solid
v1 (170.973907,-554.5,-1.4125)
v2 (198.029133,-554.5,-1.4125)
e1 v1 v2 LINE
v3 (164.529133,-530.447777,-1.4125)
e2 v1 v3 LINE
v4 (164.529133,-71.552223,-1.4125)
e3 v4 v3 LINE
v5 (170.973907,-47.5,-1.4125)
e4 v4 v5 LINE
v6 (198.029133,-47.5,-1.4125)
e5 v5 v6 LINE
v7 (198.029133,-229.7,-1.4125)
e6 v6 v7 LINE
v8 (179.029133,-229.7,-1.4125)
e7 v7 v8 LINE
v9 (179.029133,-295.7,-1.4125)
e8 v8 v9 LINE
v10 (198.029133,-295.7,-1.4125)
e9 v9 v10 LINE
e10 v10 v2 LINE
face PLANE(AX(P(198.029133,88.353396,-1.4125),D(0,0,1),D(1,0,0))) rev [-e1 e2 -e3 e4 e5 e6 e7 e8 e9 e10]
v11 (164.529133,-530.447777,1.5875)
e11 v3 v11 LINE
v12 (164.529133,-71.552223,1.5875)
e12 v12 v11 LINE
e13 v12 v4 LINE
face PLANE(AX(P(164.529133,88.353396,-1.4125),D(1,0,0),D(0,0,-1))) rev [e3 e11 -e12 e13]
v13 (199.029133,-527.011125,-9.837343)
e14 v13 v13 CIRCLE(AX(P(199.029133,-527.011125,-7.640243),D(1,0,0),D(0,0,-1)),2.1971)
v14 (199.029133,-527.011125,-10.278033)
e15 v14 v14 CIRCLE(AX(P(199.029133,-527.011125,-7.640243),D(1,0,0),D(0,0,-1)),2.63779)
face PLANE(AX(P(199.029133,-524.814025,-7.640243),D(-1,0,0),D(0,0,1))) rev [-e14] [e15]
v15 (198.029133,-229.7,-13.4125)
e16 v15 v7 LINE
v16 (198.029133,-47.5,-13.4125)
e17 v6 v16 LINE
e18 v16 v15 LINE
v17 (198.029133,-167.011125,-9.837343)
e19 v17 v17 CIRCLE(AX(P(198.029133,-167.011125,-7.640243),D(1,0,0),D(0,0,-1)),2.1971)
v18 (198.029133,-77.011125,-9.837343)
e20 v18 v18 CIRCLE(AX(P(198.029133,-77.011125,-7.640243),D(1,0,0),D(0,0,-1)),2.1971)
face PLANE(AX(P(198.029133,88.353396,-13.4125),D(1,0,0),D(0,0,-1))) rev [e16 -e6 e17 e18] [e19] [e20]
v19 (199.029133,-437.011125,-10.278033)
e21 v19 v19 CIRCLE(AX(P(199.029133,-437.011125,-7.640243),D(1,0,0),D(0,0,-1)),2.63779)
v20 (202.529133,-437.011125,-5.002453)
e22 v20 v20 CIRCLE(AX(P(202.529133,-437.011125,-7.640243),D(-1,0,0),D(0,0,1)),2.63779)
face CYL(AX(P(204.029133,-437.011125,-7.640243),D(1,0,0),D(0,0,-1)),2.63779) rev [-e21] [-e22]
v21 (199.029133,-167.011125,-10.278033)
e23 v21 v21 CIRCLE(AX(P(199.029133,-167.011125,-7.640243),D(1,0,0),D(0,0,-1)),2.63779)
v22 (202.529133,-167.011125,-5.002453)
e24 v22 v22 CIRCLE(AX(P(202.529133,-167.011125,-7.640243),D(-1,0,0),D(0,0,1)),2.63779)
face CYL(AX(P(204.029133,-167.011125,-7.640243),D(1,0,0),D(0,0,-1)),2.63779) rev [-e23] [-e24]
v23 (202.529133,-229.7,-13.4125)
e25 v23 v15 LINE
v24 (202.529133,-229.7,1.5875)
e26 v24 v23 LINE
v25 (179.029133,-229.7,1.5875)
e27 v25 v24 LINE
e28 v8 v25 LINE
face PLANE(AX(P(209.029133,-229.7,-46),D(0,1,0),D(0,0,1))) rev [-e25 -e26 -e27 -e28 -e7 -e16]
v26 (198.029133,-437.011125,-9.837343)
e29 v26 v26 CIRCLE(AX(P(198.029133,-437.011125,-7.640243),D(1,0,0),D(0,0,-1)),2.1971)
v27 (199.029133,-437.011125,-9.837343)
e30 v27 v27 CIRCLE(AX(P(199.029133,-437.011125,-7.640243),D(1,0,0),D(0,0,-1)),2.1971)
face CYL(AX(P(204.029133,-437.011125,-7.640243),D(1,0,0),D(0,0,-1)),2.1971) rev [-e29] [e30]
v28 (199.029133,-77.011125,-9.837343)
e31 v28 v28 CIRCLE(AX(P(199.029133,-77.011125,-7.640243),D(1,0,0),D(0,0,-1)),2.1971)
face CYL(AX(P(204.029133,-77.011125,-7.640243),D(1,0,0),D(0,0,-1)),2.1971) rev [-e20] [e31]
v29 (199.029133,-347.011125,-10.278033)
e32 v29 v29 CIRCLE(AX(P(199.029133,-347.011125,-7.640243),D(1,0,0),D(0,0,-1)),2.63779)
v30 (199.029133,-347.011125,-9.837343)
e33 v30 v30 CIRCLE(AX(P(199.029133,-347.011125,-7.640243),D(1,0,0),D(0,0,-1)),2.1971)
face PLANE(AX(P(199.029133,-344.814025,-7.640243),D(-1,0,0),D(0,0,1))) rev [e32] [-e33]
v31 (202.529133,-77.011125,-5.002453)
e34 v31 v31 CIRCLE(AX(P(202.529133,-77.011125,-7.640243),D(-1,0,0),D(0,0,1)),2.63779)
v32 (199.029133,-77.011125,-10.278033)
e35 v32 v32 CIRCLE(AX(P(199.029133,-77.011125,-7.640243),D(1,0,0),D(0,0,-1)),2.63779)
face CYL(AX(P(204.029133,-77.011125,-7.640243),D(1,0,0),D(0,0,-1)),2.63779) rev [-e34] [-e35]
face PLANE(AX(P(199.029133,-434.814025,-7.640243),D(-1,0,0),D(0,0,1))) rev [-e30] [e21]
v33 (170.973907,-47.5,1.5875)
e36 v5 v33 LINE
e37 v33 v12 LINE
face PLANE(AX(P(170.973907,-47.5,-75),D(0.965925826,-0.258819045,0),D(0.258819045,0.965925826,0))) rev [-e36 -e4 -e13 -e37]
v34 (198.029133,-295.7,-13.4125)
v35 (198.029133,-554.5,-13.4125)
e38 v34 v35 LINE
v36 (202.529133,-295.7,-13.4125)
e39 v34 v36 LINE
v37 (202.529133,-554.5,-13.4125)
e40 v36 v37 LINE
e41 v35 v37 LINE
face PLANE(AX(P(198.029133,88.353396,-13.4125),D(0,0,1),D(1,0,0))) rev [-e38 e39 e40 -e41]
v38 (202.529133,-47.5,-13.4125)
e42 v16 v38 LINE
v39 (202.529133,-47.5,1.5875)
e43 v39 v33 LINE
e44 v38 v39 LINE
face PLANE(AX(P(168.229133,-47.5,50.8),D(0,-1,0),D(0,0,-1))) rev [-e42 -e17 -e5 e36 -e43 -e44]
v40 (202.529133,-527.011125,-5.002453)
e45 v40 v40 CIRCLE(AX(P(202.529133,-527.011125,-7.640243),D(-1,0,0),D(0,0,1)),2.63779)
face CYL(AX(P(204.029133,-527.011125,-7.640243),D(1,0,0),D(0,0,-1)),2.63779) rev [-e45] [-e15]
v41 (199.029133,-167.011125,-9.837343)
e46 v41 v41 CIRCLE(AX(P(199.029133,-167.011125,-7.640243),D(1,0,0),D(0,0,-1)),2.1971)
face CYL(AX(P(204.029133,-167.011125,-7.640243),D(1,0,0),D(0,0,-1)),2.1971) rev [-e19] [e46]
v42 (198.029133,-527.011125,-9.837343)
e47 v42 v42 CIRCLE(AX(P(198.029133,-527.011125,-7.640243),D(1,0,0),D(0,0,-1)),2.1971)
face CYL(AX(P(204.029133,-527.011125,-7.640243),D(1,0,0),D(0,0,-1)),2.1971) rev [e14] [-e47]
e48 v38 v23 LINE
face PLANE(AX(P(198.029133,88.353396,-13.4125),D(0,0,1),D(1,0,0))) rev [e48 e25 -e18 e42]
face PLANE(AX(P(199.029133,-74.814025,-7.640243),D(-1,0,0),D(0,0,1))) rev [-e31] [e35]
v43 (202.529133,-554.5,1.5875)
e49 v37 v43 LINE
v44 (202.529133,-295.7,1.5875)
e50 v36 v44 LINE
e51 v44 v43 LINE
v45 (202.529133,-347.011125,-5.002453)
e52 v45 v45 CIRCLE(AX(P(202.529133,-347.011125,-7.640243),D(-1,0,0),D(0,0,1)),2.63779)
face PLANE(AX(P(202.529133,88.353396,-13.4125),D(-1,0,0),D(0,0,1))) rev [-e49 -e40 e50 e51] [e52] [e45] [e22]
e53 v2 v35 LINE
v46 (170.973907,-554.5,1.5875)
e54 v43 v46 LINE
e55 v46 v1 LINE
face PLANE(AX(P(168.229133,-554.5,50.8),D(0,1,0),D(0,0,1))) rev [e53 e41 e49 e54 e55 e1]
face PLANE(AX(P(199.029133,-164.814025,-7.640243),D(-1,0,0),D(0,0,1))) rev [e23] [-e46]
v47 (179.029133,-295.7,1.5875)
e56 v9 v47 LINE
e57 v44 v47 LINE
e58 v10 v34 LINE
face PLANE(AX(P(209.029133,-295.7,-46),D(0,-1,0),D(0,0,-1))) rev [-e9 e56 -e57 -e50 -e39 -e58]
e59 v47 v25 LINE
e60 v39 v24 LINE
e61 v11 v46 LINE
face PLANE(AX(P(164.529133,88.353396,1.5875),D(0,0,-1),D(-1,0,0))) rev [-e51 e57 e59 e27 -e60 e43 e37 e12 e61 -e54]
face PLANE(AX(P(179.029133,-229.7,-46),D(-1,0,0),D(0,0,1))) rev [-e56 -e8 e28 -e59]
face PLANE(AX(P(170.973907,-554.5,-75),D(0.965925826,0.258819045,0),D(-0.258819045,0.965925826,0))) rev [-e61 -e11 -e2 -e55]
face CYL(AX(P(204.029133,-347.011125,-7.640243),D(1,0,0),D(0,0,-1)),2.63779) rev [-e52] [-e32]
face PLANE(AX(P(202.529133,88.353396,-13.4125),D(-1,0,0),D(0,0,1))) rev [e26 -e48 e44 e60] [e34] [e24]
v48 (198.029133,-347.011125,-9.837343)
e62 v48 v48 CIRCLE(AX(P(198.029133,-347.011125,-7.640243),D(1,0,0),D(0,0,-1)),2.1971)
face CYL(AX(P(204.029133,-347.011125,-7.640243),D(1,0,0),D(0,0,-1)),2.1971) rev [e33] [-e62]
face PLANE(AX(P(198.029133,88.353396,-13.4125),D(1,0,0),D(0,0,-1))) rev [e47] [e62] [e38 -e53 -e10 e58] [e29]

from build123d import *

# Parameters (mm, degrees)
EXTRUDE1_DEPTH          = 50.8
SKETCH3_W               = 60
SKETCH3_H               = 98.6
CUT_EXTRUDE1_DEPTH      = 48.5
CUT_EXTRUDE1_DEPTH_BACK = 650.5
EXTRUDE2_DEPTH          = 253.5
EXTRUDE2_DEPTH_BACK     = 253.5
EXTRUDE8_DEPTH          = 75
SKETCH4_W               = 30
SKETCH4_H               = 66
CUT_EXTRUDE2_DEPTH      = 46
LPATTERN1_COUNT         = 6
LPATTERN1_PITCH         = 90
SKETCH10_R              = 2.25
EXTRUDE7_DEPTH          = 102.6
SKETCH13_W              = 158
SKETCH13_H              = 135
SKETCH13_W_2            = 38
SKETCH13_H_2            = 15
EXTRUDE10_DEPTH         = 100
EXTRUDE10_DEPTH_BACK    = 700


with BuildPart() as part:
    # Sketch2 → Extrude1 (new body, symmetric)
    with BuildSketch(Plane.XY):
        Polygon((168.229133429, 47.5), (168.229133429, -47.5), (159.029133429, -81.83486743), (159.029133429, -520.16513257), (168.229133429, -554.5), (168.229133429, -649.5), (204.029133429, -649.5), (204.029133429, 47.5), align=None)
    extrude(amount=EXTRUDE1_DEPTH, both=True)

    # Sketch3 → Cut-Extrude1 (cut, two sides)
    with BuildSketch(Plane(origin=(0, 0, 0), x_dir=(1, 0, 0), z_dir=(0, 1, 0))) as cut_extrude1_sk:
        with Locations((172.529133429, 0)):
            Rectangle(SKETCH3_W, SKETCH3_H)
    extrude(amount=CUT_EXTRUDE1_DEPTH, mode=Mode.SUBTRACT)
    extrude(cut_extrude1_sk.sketch, amount=-CUT_EXTRUDE1_DEPTH_BACK, mode=Mode.SUBTRACT)


with BuildPart() as body_2:
    # Sketch5 → Extrude2 (new body, two sides)
    with BuildSketch(Plane(origin=(0, -301, 0), x_dir=(1, 0, 0), z_dir=(0, 1, 0))) as extrude2_sk:
        Polygon((198.029133429, 13.4125), (202.529133429, 13.4125), (202.529133429, -1.5875), (164.529133429, -1.5875), (164.529133429, 1.4125), (198.029133429, 1.4125), align=None)
    extrude(amount=EXTRUDE2_DEPTH)
    extrude(extrude2_sk.sketch, amount=-EXTRUDE2_DEPTH_BACK)

    # Sketch11 → Extrude8 (cut, symmetric)
    with BuildSketch(Plane.XY):
        Polygon((170.973907148, -47.5), (153.959133429, -111), (130.029133429, -111), (130.029133429, -11), (170.973907148, -11), align=None)
        Polygon((153.959133429, -491), (130.029133429, -491), (130.029133429, -591), (170.973907148, -591), (170.973907148, -554.5), align=None)
    extrude(amount=EXTRUDE8_DEPTH, both=True, mode=Mode.SUBTRACT)


with BuildPart() as cut_extrude2_tool:
    # Sketch4 → Cut-Extrude2 (new body, symmetric)
    with BuildSketch(Plane.XY):
        with Locations((194.029133429, -262.7)):
            Rectangle(SKETCH4_W, SKETCH4_H)
    extrude(amount=CUT_EXTRUDE2_DEPTH, both=True)


with BuildPart() as part_1:
    add(part.part)

    # Cut-Extrude2: cut by cut_extrude2_tool
    add(cut_extrude2_tool.part, mode=Mode.SUBTRACT)


with BuildPart() as body_2_1:
    add(body_2.part)

    # Cut-Extrude2: cut by cut_extrude2_tool
    add(cut_extrude2_tool.part, mode=Mode.SUBTRACT)


with BuildPart() as tapped_hole_for_8_32_helicoil1_tool:
    # Sketch34 → Tapped Hole for #8-32 Helicoil1 (revolve)
    with BuildSketch(Plane(origin=(204.029133429, -77.011124935, -7.640243296), x_dir=(0, 0, -1), z_dir=(0, 1, 0))):
        Polygon((0, 0), (0, 45), (2.1971, 45), (2.1971, 5), (2.63779, 5), (2.63779, 0), align=None)
    tapped_hole_for_8_32_helicoil1 = revolve(axis=Axis((210.379133429, -77.011124935, -7.640243296), (-1, 0, 0)))


with BuildPart() as part_2:
    add(part_1.part)

    # Tapped Hole for #8-32 Helicoil1: cut by tapped_hole_for_8_32_helicoil1_tool
    add(tapped_hole_for_8_32_helicoil1_tool.part, mode=Mode.SUBTRACT)


with BuildPart() as body_2_2:
    add(body_2_1.part)

    # Tapped Hole for #8-32 Helicoil1: cut by tapped_hole_for_8_32_helicoil1_tool
    add(tapped_hole_for_8_32_helicoil1_tool.part, mode=Mode.SUBTRACT)


with BuildPart() as lpattern1_tool:
    # LPattern1: Tapped Hole for #8-32 Helicoil1 ×6, 1 skipped
    with Locations(*[(0, -i * LPATTERN1_PITCH, 0) for i in range(1, LPATTERN1_COUNT) if i not in (2,)]):
        add(tapped_hole_for_8_32_helicoil1)


with BuildPart() as part_3:
    add(part_2.part)

    # LPattern1: cut by lpattern1_tool
    add(lpattern1_tool.part, mode=Mode.SUBTRACT)

    # Sketch10 → Extrude7 (cut, through all)
    with BuildSketch(Plane.XY.offset(50.8)):
        with Locations((192.854133429, -102.5)):
            Circle(SKETCH10_R)
        with Locations((192.854133429, -117.5)):
            Circle(SKETCH10_R)
        with Locations((192.854133429, -327.5)):
            Circle(SKETCH10_R)
        with Locations((192.854133429, -312.5)):
            Circle(SKETCH10_R)
        with Locations((192.854133429, -42.5)):
            Circle(SKETCH10_R)
        with Locations((192.854133429, -27.5)):
            Circle(SKETCH10_R)
        with Locations((192.854133429, -586.5)):
            Circle(SKETCH10_R)
        with Locations((192.854133429, -601.5)):
            Circle(SKETCH10_R)
    extrude(amount=-EXTRUDE7_DEPTH, mode=Mode.SUBTRACT)

    # Sketch13 → Extrude10 (cut, two sides)
    with BuildSketch(Plane(origin=(0, 0, 0), x_dir=(1, 0, 0), z_dir=(0, 1, 0))) as extrude10_sk:
        with Locations((183.529133429, 5.9125)):
            Rectangle(SKETCH13_W, SKETCH13_H)
        with Locations((183.529133429, 5.9125)):
            Rectangle(SKETCH13_W_2, SKETCH13_H_2, mode=Mode.SUBTRACT)
    extrude(amount=EXTRUDE10_DEPTH, mode=Mode.SUBTRACT)
    extrude(extrude10_sk.sketch, amount=-EXTRUDE10_DEPTH_BACK, mode=Mode.SUBTRACT)


with BuildPart() as body_2_3:
    add(body_2_2.part)

    # LPattern1: cut by lpattern1_tool
    add(lpattern1_tool.part, mode=Mode.SUBTRACT)


solid = body_2_3.part
